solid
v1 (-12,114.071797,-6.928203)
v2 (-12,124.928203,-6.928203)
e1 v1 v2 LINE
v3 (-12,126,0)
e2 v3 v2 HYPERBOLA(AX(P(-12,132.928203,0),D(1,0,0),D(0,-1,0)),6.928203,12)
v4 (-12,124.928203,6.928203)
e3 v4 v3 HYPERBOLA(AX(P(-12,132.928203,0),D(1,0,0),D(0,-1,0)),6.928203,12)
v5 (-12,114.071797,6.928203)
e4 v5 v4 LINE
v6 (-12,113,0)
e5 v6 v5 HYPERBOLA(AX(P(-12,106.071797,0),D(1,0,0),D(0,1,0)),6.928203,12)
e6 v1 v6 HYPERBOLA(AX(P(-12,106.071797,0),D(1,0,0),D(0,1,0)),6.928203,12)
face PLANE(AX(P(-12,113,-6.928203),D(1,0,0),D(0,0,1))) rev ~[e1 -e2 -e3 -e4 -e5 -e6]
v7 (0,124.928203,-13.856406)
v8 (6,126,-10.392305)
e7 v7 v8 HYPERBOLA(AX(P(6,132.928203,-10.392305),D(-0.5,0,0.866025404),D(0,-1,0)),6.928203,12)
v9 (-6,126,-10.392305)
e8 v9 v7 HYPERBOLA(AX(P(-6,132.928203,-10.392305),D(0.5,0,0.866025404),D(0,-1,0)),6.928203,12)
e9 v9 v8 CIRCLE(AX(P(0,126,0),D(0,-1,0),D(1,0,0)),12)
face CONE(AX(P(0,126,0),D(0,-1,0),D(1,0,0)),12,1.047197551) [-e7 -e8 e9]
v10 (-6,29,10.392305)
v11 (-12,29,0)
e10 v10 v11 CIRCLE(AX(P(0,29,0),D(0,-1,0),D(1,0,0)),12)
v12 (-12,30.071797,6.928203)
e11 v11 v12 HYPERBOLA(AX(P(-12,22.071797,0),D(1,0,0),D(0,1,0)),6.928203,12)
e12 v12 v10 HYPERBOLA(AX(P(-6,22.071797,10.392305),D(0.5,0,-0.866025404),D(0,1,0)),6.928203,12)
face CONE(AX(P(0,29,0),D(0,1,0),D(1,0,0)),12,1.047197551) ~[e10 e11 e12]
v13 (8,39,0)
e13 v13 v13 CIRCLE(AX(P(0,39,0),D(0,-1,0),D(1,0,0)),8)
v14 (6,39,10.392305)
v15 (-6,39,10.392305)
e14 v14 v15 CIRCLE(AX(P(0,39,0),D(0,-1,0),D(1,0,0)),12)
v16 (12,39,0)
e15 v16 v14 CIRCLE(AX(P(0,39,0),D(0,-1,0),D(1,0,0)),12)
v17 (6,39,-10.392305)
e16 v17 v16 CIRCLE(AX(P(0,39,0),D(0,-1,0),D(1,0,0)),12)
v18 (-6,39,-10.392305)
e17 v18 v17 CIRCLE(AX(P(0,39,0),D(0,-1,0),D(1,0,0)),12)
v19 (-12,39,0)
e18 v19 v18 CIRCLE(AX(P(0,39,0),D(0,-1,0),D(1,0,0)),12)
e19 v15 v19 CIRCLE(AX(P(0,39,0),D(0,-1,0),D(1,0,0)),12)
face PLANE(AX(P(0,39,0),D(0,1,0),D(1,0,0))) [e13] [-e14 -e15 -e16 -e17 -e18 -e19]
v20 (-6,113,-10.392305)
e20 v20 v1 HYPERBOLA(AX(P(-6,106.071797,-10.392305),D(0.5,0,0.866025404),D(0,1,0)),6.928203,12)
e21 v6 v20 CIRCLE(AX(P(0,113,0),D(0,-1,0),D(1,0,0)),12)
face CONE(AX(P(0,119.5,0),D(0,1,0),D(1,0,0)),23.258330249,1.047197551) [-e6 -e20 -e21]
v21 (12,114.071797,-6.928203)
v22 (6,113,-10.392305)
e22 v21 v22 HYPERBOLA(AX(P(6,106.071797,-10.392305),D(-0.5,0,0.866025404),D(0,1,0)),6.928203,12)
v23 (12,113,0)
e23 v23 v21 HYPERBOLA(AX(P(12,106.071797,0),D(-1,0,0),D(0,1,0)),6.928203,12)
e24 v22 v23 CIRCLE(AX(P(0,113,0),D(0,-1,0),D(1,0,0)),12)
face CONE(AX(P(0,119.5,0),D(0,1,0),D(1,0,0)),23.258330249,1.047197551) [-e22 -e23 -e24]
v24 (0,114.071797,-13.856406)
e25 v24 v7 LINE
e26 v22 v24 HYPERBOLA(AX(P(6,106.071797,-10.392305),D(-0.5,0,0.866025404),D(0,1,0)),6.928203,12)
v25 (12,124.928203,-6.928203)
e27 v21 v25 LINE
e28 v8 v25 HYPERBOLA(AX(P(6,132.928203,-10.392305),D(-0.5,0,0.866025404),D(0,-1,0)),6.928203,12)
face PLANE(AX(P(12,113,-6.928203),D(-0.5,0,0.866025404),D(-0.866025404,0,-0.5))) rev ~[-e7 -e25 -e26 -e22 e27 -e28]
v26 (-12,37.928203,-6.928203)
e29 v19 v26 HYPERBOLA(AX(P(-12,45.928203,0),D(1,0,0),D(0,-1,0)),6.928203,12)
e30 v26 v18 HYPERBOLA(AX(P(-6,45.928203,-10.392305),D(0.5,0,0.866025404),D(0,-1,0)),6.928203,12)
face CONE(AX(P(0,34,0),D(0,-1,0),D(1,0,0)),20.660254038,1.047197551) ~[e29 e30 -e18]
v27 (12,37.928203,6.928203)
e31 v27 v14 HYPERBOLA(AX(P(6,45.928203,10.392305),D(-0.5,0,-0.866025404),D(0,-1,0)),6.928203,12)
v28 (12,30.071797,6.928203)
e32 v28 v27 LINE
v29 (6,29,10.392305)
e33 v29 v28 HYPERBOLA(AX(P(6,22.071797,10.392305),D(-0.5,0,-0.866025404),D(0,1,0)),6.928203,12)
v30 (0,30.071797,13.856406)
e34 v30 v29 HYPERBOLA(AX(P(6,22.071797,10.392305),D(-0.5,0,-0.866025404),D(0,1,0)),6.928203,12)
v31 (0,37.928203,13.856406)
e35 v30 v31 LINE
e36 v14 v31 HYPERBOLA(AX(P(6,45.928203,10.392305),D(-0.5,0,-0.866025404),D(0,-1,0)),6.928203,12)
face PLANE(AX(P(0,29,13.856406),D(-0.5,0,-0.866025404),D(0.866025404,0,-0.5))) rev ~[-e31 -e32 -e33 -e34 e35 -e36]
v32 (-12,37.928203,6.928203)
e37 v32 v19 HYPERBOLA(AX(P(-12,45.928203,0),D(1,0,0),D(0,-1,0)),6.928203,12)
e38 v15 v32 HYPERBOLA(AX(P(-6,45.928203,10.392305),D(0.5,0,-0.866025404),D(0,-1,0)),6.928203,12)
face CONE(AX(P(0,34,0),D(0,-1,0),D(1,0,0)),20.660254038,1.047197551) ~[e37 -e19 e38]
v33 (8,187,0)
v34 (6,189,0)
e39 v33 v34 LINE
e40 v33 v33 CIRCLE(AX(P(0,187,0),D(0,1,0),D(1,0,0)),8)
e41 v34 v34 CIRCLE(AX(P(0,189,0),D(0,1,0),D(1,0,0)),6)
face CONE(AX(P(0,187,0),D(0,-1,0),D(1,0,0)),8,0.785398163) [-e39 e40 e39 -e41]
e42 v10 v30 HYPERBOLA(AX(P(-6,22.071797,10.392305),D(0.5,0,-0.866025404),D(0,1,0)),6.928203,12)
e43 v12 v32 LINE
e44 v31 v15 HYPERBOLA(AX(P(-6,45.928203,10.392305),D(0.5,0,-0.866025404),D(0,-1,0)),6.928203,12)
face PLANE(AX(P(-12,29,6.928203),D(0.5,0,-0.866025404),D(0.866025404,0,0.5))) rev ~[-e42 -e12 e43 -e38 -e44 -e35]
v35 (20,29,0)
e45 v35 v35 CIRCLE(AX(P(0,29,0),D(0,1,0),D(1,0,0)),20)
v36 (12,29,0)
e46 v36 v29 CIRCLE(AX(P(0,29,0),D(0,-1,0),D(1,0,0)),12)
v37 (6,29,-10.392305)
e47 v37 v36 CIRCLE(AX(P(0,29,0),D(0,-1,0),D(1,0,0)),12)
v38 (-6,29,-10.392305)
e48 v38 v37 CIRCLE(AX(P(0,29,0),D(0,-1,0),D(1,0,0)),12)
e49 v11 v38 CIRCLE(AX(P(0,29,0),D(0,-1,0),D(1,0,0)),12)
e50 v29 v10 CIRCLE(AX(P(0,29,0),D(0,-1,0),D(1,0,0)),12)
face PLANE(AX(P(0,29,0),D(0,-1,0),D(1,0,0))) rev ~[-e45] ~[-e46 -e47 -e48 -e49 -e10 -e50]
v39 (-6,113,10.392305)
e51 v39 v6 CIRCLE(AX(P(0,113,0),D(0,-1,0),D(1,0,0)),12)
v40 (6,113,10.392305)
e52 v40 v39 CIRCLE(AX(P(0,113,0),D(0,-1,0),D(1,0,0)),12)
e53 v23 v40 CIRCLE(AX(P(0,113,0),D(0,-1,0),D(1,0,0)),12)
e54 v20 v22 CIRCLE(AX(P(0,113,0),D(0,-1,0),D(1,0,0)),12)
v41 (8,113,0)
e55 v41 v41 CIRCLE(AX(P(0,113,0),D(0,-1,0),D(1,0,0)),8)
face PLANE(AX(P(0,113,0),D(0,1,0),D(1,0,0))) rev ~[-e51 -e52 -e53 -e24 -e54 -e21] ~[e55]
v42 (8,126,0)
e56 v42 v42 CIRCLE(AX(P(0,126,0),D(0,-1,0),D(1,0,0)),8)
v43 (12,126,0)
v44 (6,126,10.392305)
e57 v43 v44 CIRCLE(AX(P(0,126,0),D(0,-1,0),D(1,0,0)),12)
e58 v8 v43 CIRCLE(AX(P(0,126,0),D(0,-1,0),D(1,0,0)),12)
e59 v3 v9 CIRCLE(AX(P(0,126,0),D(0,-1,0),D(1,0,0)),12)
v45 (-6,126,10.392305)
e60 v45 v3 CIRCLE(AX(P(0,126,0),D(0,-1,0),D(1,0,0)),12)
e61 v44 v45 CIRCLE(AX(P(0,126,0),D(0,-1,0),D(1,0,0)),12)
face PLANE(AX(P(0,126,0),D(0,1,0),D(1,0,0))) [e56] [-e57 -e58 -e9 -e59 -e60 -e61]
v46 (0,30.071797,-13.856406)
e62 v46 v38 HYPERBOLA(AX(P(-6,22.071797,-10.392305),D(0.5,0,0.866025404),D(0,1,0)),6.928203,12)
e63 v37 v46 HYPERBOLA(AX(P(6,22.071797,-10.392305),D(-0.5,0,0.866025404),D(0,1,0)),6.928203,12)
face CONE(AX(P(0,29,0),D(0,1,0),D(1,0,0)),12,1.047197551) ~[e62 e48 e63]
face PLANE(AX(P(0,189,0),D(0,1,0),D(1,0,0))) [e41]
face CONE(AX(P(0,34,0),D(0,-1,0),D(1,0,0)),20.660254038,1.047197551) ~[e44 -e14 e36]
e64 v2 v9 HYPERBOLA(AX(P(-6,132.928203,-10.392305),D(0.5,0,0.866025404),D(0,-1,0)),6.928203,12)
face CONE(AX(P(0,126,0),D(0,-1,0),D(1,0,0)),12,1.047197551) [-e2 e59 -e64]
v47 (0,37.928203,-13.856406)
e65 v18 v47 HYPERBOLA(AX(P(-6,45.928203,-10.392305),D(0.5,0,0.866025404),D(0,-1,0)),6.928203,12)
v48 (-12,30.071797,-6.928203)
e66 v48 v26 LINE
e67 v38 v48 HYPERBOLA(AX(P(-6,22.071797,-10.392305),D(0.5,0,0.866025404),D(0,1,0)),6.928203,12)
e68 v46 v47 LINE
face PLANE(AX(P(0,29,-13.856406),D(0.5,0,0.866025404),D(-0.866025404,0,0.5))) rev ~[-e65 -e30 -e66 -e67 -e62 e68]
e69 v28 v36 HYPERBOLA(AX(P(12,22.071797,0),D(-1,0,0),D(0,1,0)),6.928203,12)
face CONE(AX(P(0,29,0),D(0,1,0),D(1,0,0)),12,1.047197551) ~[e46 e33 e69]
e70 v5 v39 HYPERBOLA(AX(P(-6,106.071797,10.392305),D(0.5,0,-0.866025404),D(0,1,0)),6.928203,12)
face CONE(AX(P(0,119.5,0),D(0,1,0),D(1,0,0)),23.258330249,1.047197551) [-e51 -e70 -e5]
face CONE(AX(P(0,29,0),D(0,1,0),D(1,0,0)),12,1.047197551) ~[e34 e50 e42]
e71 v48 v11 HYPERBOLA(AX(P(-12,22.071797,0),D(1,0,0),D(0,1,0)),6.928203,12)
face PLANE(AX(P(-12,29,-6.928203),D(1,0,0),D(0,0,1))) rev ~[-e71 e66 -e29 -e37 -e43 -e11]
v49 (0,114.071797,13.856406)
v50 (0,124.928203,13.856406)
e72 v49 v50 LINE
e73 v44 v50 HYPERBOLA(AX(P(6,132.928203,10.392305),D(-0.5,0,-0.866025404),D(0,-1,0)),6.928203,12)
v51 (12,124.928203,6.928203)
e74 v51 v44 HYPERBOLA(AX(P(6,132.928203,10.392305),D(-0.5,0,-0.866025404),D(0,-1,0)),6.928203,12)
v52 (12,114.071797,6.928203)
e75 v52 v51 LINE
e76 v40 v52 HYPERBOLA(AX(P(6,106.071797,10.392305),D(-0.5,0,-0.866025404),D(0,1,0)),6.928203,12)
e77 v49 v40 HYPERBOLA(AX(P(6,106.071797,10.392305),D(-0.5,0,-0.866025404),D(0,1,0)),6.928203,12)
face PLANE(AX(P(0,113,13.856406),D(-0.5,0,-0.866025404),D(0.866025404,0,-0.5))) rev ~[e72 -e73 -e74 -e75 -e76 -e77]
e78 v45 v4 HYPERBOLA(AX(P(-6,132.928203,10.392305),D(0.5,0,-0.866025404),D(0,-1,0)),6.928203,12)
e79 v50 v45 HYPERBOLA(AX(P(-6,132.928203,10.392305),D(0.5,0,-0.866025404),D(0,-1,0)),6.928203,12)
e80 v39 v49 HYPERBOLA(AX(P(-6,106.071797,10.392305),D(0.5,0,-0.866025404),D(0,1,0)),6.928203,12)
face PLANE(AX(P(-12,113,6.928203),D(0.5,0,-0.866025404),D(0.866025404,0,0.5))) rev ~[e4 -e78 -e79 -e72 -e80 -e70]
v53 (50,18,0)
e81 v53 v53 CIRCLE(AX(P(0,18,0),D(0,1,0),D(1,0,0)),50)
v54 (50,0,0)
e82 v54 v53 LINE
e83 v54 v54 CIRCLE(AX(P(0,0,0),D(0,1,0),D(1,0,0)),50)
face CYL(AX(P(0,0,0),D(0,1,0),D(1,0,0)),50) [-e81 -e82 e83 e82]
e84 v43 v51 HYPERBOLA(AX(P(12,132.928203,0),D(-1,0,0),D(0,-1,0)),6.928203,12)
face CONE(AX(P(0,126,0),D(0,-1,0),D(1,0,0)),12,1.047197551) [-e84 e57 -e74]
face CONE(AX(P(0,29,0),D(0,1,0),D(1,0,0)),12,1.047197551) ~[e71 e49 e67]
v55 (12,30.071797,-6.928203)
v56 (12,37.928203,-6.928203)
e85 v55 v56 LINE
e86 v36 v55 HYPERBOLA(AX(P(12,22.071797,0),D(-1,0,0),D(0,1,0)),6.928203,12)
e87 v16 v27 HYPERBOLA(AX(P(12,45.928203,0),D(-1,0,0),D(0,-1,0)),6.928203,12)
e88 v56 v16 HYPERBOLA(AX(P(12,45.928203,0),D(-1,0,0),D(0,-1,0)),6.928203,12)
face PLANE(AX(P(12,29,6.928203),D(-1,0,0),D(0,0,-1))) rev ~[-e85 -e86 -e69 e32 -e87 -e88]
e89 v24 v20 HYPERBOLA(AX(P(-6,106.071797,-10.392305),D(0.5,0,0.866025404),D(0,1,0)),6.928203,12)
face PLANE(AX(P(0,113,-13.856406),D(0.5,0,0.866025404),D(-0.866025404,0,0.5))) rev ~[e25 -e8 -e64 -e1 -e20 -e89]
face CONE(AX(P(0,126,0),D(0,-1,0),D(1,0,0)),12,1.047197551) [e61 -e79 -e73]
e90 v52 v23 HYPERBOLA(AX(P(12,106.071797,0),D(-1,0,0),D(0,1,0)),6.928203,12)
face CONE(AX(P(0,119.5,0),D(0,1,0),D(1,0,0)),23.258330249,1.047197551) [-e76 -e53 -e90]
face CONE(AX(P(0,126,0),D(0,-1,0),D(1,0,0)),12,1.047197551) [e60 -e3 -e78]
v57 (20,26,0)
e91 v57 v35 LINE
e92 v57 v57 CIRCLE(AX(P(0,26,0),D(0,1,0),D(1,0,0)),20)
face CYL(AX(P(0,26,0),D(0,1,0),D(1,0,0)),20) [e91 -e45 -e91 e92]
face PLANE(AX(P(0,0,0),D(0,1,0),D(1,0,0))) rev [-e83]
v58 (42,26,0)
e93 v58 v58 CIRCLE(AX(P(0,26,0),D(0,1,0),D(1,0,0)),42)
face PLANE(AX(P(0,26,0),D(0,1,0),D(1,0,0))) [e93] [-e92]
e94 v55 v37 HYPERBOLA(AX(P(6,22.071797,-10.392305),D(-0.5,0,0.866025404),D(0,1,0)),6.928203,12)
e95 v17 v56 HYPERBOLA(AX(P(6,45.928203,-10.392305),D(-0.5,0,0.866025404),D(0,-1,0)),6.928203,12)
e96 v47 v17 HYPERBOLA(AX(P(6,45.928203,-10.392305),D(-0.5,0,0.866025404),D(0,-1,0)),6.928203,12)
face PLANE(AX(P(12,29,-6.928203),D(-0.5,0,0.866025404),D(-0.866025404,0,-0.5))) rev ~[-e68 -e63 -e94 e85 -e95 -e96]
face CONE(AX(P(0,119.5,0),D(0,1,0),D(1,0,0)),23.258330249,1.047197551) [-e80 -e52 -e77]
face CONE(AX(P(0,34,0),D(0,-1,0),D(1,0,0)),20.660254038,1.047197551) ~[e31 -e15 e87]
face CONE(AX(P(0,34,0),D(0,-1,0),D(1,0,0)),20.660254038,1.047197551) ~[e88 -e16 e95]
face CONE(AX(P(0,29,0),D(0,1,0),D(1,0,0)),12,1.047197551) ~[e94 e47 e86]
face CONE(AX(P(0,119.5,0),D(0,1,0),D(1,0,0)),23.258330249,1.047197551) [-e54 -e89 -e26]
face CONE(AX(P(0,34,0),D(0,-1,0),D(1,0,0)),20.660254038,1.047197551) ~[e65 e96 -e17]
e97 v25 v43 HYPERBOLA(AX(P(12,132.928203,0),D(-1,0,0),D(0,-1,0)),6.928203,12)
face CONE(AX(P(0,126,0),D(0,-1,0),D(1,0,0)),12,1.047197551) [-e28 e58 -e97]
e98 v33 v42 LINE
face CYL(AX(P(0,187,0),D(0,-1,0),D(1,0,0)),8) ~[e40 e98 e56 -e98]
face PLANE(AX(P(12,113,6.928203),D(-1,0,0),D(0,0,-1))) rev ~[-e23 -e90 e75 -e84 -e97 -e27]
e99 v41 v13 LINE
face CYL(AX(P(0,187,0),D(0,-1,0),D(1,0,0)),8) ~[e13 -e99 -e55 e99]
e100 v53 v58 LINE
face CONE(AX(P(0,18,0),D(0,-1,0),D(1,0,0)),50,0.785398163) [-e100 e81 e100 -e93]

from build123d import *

# Parameters (mm, degrees)
EXTRUDE_1_DEPTH = 10
EXTRUDE_2_DEPTH = 13


with BuildPart() as part:
    # Эскиз1 → Повернуть1 (revolve)
    with BuildSketch(Plane.XY, mode=Mode.PRIVATE) as revolve_1_sk:
        Polygon((0, 0), (-50, 0), (-50, 18), (-42, 26), (-20, 26), (-20, 29), (-8, 29), (-8, 39), (-8, 187), (-6, 189), (0, 189), align=None)
    revolve(revolve_1_sk.sketch.rotate(Axis((0, 0, 0), (0, 1, 0)), 180), axis=Axis((0, 0, 0), (0, 1, 0)))  # turned: the seam where the file's is

    # Эскиз2 → Бобышка-Вытянуть1 (add)
    with BuildSketch(Plane(origin=(0, 29, 0), x_dir=(1, 0, 0), z_dir=(0, 1, 0))):
        Polygon((0, 13.856406461), (-12, 6.92820323), (-12, -6.92820323), (0, -13.856406461), (12, -6.92820323), (12, 6.92820323), align=None)
    extrude(amount=EXTRUDE_1_DEPTH)

    # Эскиз3 → Бобышка-Вытянуть2 (add)
    with BuildSketch(Plane(origin=(0, 113, 0), x_dir=(1, 0, 0), z_dir=(0, 1, 0))):
        Polygon((12, 6.92820323), (0, 13.856406461), (-12, 6.92820323), (-12, -6.92820323), (0, -13.856406461), (12, -6.92820323), align=None)
    extrude(amount=EXTRUDE_2_DEPTH)

    # Эскиз4 → Вырез-Повернуть2 (revolve, cut)
    with BuildSketch(Plane.XY, mode=Mode.PRIVATE) as cut_revolve_2_sk:
        Polygon((-23.258330249, 126), (-12, 126), (-23.258330249, 119.5), align=None)
        Polygon((-23.258330249, 113), (-23.258330249, 119.5), (-12, 113), align=None)
        Polygon((-20.660254038, 39), (-20.660254038, 34), (-12, 39), align=None)
        Polygon((-20.660254038, 34), (-20.660254038, 29), (-12, 29), align=None)
    revolve(cut_revolve_2_sk.sketch.rotate(Axis((0, 189, 0), (0, -1, 0)), 180), axis=Axis((0, 189, 0), (0, -1, 0)), mode=Mode.SUBTRACT)  # turned: the seam where the file's is


solid = part.part
